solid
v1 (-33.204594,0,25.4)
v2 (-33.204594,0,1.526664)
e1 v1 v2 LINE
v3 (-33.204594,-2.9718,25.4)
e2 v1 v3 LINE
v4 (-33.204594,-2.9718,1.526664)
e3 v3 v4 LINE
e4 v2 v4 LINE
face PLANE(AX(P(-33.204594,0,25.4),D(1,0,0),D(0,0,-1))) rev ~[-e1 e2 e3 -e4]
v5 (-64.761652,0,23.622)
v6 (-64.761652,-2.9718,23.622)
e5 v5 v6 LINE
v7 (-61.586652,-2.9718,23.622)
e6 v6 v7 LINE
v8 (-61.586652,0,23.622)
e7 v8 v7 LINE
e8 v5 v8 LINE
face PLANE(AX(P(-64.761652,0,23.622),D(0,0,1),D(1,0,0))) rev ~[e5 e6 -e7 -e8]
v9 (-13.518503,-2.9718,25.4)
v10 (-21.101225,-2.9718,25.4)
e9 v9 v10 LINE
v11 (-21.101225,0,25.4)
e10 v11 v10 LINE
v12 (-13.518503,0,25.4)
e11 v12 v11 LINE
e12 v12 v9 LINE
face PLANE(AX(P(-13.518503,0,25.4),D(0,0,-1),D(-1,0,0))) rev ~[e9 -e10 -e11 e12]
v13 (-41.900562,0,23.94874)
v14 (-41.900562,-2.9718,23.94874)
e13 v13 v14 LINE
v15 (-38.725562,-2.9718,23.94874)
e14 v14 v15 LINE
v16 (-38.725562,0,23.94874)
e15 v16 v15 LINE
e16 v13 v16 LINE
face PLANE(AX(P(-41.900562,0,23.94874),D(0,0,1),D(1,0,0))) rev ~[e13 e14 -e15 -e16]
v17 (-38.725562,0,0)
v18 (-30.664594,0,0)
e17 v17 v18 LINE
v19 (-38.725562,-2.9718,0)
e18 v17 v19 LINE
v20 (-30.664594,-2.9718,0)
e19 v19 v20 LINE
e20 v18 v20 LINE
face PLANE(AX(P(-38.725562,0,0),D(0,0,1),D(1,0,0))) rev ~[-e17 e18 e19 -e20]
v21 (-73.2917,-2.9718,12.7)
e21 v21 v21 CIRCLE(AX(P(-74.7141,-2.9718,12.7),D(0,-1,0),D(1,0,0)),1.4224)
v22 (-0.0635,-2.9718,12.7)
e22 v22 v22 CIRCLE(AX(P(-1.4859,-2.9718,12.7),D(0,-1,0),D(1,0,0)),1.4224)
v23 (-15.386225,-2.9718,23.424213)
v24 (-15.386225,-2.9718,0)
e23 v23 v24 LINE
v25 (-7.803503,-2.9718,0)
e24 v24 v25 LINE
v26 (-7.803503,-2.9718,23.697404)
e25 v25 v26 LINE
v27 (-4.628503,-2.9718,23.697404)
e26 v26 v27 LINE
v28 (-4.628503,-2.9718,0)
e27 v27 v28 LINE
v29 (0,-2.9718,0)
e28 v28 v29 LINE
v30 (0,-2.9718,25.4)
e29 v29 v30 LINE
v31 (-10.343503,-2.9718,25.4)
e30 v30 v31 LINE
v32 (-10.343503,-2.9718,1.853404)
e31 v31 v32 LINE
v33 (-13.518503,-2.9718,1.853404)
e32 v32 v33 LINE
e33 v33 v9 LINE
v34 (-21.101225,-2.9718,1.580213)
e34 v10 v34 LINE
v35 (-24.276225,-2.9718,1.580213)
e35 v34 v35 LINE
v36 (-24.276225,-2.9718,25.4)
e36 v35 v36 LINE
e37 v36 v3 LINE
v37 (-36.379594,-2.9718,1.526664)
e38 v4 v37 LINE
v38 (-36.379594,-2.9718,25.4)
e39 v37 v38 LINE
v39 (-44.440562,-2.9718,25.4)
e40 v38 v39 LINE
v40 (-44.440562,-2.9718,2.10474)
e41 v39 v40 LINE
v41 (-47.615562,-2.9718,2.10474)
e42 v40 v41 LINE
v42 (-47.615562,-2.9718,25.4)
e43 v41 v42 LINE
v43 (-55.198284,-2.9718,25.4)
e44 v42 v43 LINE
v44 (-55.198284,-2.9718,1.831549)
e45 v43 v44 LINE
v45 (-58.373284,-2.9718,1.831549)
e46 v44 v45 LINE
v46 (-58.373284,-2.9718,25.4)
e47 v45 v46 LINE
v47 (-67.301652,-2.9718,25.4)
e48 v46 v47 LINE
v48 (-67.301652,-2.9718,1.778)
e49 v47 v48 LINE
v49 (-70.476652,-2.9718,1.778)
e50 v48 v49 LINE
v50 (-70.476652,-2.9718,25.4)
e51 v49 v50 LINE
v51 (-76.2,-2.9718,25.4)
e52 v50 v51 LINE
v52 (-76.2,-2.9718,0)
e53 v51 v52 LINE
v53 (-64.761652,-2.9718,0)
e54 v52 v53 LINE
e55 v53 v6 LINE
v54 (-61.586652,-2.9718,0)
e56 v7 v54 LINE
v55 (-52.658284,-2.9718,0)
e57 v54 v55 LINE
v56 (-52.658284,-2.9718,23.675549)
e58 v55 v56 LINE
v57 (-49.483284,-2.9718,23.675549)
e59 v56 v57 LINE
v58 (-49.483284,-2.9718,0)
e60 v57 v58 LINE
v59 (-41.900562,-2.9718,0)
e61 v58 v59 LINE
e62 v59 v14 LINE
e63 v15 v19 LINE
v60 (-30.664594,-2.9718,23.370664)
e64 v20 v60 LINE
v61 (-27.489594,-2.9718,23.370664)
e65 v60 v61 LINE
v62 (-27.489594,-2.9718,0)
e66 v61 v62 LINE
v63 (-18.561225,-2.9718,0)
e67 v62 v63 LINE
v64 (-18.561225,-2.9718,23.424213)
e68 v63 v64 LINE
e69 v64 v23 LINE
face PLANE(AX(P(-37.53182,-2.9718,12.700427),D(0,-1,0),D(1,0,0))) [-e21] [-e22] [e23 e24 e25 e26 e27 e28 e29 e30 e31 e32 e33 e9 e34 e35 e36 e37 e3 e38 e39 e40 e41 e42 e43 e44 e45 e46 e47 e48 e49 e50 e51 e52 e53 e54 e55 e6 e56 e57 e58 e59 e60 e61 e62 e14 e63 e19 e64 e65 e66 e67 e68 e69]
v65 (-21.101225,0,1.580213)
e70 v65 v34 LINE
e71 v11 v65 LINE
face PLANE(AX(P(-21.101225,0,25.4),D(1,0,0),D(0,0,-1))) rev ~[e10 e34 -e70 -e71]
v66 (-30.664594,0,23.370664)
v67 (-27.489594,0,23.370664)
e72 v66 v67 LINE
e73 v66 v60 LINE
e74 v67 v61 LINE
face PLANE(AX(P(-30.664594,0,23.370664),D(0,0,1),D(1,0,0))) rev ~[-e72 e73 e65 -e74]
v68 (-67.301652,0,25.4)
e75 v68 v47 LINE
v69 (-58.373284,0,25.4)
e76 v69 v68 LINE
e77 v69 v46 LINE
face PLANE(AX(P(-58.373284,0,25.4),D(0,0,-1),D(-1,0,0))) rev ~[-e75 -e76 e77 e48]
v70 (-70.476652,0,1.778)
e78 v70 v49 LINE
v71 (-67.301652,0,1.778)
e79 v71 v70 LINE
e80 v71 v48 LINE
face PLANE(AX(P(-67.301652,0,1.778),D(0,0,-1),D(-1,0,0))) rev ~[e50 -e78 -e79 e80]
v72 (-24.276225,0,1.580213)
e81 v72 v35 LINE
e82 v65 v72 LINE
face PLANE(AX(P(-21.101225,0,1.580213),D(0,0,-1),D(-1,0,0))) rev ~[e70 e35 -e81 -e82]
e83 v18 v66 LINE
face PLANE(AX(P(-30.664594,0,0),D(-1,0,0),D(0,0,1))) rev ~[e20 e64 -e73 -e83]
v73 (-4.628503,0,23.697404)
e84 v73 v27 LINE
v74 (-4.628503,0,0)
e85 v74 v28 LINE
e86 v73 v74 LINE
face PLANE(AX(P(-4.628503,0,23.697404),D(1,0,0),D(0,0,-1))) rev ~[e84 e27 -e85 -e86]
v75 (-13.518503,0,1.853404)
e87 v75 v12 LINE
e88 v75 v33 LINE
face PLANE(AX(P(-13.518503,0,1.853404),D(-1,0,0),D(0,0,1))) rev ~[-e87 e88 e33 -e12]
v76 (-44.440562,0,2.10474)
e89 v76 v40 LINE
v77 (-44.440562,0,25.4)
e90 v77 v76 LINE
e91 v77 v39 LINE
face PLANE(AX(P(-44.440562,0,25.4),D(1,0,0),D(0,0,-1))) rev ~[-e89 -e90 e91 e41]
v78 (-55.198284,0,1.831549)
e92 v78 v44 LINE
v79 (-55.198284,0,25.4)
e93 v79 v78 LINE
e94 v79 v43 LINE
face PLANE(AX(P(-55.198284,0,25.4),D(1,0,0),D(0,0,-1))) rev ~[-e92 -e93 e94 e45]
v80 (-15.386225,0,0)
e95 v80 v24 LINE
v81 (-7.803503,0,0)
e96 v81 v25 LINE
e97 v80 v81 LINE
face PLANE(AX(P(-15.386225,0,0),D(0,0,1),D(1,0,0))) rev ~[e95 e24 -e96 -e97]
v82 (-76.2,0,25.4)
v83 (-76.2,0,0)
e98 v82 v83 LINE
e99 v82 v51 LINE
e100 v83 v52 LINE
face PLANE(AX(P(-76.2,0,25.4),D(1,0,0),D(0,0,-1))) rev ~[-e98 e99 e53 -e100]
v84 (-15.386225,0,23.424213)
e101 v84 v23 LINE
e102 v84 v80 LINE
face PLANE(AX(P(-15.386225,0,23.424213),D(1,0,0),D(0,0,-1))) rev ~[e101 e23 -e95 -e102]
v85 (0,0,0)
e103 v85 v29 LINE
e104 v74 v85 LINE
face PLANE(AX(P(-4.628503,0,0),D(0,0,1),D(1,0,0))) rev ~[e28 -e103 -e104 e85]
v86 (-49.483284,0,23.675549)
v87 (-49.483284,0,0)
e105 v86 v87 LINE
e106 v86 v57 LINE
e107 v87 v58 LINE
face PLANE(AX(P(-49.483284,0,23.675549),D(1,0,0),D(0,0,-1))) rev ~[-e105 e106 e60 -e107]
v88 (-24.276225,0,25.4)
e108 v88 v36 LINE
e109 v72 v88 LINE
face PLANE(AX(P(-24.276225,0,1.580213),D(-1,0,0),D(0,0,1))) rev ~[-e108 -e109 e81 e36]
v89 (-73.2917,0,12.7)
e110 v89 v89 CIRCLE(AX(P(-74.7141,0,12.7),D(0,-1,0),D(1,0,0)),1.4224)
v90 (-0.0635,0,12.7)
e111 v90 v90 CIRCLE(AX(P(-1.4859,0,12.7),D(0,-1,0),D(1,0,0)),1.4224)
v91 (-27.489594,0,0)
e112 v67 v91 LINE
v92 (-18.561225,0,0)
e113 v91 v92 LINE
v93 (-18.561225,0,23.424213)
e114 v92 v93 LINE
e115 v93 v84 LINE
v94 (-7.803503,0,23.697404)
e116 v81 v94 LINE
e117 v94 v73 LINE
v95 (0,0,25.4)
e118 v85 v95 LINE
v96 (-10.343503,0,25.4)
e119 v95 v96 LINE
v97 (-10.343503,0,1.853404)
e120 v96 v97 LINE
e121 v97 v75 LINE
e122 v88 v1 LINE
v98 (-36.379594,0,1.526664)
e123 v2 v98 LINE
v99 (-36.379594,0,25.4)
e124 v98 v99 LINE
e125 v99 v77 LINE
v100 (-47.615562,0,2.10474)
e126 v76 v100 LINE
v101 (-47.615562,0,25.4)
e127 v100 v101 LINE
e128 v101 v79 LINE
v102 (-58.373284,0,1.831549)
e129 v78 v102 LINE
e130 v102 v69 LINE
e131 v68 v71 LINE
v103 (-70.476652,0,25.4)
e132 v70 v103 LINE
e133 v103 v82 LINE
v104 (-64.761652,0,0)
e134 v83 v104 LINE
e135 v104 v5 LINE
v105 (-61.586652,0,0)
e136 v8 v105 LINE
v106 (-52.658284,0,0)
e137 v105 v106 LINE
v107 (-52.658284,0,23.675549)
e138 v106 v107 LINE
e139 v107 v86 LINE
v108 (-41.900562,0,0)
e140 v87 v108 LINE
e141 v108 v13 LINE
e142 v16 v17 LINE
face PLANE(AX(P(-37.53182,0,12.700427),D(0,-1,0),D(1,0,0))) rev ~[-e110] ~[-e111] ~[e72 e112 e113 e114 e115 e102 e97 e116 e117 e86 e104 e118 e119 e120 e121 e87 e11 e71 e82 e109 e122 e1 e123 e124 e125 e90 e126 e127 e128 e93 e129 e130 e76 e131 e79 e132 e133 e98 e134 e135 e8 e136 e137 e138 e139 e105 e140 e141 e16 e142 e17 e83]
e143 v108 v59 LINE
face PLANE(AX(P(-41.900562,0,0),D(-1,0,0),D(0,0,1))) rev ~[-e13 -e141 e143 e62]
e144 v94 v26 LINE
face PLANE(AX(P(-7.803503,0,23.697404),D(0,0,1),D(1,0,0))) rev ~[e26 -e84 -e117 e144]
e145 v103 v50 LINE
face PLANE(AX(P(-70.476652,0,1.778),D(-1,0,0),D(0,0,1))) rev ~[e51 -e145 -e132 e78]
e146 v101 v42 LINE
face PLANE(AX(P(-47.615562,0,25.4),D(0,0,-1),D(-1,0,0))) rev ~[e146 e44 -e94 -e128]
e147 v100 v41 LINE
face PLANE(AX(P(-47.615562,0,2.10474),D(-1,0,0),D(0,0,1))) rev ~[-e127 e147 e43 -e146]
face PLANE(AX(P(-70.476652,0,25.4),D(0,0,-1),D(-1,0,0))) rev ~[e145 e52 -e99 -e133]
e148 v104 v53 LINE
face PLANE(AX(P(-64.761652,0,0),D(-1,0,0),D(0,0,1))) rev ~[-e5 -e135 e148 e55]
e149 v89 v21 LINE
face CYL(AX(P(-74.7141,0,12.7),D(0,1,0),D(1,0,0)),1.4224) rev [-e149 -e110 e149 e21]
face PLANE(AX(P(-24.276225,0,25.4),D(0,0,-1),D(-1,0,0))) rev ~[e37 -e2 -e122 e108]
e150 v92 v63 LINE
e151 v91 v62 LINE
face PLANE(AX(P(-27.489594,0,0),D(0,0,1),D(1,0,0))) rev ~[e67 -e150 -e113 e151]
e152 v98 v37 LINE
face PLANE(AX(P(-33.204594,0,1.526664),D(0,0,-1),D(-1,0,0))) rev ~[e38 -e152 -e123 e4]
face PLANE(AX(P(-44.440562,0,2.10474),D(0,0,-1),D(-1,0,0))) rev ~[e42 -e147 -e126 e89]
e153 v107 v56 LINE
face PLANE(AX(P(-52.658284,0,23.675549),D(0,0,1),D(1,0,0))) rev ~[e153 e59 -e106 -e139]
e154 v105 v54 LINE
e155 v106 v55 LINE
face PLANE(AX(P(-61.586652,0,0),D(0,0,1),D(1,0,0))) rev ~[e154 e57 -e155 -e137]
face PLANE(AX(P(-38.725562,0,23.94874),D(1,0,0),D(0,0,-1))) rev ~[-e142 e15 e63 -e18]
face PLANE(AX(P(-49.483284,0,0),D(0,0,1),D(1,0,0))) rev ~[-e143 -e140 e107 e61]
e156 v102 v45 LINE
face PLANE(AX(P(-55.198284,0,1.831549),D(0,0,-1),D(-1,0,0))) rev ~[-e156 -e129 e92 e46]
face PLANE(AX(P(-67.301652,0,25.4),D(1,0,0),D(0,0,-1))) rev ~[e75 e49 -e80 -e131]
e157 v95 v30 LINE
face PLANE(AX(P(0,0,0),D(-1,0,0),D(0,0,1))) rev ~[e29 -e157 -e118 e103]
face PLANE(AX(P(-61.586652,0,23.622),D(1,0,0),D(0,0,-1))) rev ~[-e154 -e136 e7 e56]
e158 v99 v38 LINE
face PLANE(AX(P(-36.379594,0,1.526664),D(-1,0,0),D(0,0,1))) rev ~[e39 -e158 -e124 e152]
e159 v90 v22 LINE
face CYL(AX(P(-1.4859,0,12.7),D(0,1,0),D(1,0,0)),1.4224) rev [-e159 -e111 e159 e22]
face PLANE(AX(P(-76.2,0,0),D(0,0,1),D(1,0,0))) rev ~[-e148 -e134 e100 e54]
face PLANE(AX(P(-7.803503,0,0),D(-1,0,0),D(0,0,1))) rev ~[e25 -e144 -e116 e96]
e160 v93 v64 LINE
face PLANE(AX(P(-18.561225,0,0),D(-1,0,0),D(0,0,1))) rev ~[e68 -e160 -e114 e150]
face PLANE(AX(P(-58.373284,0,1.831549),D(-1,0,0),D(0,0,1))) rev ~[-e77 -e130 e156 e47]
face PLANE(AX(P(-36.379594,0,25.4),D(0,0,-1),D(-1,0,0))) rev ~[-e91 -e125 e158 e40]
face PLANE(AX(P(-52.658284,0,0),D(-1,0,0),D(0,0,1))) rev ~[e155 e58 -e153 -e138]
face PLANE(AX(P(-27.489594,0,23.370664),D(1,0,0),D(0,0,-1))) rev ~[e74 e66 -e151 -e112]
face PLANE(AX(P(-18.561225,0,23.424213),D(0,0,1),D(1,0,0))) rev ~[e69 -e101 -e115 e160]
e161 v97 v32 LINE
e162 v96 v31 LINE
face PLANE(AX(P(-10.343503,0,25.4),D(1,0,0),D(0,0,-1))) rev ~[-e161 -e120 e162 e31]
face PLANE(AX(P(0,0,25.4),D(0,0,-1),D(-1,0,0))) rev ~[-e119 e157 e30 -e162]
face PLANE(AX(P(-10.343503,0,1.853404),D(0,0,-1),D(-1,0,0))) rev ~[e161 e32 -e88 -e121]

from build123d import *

# Parameters (mm, degrees)
F0_R     = 1.4224
F1_DEPTH = 2.9718


with BuildPart() as f1:
    # F0 (on Front) → F1 (new body)
    with BuildSketch(Plane.XZ):
        Polygon((-4.628503, 0), (0, 0), (0, 25.4), (-10.343503, 25.4), (-10.343503, 1.853404), (-13.518503, 1.853404), (-13.518503, 25.4), (-21.101225, 25.4), (-21.101225, 1.580213), (-24.276225, 1.580213), (-24.276225, 25.4), (-33.204594, 25.4), (-33.204594, 1.526664), (-36.379594, 1.526664), (-36.379594, 25.4), (-44.440562, 25.4), (-44.440562, 2.10474), (-47.615562, 2.10474), (-47.615562, 25.4), (-55.198284, 25.4), (-55.198284, 1.831549), (-58.373284, 1.831549), (-58.373284, 25.4), (-67.301652, 25.4), (-67.301652, 1.778), (-70.476652, 1.778), (-70.476652, 25.4), (-76.2, 25.4), (-76.2, 0), (-64.761652, 0), (-64.761652, 23.622), (-61.586652, 23.622), (-61.586652, 0), (-52.658284, 0), (-52.658284, 23.675549), (-49.483284, 23.675549), (-49.483284, 0), (-41.900562, 0), (-41.900562, 23.94874), (-38.725562, 23.94874), (-38.725562, 0), (-30.664594, 0), (-30.664594, 23.370664), (-27.489594, 23.370664), (-27.489594, 0), (-18.561225, 0), (-18.561225, 23.424213), (-15.386225, 23.424213), (-15.386225, 0), (-7.803503, 0), (-7.803503, 23.697404), (-4.628503, 23.697404), align=None)
        with Locations((-74.7141, 12.7)):
            Circle(F0_R, mode=Mode.SUBTRACT)
        with Locations((-1.4859, 12.7)):
            Circle(F0_R, mode=Mode.SUBTRACT)
    extrude(amount=F1_DEPTH)


solid = f1.part
